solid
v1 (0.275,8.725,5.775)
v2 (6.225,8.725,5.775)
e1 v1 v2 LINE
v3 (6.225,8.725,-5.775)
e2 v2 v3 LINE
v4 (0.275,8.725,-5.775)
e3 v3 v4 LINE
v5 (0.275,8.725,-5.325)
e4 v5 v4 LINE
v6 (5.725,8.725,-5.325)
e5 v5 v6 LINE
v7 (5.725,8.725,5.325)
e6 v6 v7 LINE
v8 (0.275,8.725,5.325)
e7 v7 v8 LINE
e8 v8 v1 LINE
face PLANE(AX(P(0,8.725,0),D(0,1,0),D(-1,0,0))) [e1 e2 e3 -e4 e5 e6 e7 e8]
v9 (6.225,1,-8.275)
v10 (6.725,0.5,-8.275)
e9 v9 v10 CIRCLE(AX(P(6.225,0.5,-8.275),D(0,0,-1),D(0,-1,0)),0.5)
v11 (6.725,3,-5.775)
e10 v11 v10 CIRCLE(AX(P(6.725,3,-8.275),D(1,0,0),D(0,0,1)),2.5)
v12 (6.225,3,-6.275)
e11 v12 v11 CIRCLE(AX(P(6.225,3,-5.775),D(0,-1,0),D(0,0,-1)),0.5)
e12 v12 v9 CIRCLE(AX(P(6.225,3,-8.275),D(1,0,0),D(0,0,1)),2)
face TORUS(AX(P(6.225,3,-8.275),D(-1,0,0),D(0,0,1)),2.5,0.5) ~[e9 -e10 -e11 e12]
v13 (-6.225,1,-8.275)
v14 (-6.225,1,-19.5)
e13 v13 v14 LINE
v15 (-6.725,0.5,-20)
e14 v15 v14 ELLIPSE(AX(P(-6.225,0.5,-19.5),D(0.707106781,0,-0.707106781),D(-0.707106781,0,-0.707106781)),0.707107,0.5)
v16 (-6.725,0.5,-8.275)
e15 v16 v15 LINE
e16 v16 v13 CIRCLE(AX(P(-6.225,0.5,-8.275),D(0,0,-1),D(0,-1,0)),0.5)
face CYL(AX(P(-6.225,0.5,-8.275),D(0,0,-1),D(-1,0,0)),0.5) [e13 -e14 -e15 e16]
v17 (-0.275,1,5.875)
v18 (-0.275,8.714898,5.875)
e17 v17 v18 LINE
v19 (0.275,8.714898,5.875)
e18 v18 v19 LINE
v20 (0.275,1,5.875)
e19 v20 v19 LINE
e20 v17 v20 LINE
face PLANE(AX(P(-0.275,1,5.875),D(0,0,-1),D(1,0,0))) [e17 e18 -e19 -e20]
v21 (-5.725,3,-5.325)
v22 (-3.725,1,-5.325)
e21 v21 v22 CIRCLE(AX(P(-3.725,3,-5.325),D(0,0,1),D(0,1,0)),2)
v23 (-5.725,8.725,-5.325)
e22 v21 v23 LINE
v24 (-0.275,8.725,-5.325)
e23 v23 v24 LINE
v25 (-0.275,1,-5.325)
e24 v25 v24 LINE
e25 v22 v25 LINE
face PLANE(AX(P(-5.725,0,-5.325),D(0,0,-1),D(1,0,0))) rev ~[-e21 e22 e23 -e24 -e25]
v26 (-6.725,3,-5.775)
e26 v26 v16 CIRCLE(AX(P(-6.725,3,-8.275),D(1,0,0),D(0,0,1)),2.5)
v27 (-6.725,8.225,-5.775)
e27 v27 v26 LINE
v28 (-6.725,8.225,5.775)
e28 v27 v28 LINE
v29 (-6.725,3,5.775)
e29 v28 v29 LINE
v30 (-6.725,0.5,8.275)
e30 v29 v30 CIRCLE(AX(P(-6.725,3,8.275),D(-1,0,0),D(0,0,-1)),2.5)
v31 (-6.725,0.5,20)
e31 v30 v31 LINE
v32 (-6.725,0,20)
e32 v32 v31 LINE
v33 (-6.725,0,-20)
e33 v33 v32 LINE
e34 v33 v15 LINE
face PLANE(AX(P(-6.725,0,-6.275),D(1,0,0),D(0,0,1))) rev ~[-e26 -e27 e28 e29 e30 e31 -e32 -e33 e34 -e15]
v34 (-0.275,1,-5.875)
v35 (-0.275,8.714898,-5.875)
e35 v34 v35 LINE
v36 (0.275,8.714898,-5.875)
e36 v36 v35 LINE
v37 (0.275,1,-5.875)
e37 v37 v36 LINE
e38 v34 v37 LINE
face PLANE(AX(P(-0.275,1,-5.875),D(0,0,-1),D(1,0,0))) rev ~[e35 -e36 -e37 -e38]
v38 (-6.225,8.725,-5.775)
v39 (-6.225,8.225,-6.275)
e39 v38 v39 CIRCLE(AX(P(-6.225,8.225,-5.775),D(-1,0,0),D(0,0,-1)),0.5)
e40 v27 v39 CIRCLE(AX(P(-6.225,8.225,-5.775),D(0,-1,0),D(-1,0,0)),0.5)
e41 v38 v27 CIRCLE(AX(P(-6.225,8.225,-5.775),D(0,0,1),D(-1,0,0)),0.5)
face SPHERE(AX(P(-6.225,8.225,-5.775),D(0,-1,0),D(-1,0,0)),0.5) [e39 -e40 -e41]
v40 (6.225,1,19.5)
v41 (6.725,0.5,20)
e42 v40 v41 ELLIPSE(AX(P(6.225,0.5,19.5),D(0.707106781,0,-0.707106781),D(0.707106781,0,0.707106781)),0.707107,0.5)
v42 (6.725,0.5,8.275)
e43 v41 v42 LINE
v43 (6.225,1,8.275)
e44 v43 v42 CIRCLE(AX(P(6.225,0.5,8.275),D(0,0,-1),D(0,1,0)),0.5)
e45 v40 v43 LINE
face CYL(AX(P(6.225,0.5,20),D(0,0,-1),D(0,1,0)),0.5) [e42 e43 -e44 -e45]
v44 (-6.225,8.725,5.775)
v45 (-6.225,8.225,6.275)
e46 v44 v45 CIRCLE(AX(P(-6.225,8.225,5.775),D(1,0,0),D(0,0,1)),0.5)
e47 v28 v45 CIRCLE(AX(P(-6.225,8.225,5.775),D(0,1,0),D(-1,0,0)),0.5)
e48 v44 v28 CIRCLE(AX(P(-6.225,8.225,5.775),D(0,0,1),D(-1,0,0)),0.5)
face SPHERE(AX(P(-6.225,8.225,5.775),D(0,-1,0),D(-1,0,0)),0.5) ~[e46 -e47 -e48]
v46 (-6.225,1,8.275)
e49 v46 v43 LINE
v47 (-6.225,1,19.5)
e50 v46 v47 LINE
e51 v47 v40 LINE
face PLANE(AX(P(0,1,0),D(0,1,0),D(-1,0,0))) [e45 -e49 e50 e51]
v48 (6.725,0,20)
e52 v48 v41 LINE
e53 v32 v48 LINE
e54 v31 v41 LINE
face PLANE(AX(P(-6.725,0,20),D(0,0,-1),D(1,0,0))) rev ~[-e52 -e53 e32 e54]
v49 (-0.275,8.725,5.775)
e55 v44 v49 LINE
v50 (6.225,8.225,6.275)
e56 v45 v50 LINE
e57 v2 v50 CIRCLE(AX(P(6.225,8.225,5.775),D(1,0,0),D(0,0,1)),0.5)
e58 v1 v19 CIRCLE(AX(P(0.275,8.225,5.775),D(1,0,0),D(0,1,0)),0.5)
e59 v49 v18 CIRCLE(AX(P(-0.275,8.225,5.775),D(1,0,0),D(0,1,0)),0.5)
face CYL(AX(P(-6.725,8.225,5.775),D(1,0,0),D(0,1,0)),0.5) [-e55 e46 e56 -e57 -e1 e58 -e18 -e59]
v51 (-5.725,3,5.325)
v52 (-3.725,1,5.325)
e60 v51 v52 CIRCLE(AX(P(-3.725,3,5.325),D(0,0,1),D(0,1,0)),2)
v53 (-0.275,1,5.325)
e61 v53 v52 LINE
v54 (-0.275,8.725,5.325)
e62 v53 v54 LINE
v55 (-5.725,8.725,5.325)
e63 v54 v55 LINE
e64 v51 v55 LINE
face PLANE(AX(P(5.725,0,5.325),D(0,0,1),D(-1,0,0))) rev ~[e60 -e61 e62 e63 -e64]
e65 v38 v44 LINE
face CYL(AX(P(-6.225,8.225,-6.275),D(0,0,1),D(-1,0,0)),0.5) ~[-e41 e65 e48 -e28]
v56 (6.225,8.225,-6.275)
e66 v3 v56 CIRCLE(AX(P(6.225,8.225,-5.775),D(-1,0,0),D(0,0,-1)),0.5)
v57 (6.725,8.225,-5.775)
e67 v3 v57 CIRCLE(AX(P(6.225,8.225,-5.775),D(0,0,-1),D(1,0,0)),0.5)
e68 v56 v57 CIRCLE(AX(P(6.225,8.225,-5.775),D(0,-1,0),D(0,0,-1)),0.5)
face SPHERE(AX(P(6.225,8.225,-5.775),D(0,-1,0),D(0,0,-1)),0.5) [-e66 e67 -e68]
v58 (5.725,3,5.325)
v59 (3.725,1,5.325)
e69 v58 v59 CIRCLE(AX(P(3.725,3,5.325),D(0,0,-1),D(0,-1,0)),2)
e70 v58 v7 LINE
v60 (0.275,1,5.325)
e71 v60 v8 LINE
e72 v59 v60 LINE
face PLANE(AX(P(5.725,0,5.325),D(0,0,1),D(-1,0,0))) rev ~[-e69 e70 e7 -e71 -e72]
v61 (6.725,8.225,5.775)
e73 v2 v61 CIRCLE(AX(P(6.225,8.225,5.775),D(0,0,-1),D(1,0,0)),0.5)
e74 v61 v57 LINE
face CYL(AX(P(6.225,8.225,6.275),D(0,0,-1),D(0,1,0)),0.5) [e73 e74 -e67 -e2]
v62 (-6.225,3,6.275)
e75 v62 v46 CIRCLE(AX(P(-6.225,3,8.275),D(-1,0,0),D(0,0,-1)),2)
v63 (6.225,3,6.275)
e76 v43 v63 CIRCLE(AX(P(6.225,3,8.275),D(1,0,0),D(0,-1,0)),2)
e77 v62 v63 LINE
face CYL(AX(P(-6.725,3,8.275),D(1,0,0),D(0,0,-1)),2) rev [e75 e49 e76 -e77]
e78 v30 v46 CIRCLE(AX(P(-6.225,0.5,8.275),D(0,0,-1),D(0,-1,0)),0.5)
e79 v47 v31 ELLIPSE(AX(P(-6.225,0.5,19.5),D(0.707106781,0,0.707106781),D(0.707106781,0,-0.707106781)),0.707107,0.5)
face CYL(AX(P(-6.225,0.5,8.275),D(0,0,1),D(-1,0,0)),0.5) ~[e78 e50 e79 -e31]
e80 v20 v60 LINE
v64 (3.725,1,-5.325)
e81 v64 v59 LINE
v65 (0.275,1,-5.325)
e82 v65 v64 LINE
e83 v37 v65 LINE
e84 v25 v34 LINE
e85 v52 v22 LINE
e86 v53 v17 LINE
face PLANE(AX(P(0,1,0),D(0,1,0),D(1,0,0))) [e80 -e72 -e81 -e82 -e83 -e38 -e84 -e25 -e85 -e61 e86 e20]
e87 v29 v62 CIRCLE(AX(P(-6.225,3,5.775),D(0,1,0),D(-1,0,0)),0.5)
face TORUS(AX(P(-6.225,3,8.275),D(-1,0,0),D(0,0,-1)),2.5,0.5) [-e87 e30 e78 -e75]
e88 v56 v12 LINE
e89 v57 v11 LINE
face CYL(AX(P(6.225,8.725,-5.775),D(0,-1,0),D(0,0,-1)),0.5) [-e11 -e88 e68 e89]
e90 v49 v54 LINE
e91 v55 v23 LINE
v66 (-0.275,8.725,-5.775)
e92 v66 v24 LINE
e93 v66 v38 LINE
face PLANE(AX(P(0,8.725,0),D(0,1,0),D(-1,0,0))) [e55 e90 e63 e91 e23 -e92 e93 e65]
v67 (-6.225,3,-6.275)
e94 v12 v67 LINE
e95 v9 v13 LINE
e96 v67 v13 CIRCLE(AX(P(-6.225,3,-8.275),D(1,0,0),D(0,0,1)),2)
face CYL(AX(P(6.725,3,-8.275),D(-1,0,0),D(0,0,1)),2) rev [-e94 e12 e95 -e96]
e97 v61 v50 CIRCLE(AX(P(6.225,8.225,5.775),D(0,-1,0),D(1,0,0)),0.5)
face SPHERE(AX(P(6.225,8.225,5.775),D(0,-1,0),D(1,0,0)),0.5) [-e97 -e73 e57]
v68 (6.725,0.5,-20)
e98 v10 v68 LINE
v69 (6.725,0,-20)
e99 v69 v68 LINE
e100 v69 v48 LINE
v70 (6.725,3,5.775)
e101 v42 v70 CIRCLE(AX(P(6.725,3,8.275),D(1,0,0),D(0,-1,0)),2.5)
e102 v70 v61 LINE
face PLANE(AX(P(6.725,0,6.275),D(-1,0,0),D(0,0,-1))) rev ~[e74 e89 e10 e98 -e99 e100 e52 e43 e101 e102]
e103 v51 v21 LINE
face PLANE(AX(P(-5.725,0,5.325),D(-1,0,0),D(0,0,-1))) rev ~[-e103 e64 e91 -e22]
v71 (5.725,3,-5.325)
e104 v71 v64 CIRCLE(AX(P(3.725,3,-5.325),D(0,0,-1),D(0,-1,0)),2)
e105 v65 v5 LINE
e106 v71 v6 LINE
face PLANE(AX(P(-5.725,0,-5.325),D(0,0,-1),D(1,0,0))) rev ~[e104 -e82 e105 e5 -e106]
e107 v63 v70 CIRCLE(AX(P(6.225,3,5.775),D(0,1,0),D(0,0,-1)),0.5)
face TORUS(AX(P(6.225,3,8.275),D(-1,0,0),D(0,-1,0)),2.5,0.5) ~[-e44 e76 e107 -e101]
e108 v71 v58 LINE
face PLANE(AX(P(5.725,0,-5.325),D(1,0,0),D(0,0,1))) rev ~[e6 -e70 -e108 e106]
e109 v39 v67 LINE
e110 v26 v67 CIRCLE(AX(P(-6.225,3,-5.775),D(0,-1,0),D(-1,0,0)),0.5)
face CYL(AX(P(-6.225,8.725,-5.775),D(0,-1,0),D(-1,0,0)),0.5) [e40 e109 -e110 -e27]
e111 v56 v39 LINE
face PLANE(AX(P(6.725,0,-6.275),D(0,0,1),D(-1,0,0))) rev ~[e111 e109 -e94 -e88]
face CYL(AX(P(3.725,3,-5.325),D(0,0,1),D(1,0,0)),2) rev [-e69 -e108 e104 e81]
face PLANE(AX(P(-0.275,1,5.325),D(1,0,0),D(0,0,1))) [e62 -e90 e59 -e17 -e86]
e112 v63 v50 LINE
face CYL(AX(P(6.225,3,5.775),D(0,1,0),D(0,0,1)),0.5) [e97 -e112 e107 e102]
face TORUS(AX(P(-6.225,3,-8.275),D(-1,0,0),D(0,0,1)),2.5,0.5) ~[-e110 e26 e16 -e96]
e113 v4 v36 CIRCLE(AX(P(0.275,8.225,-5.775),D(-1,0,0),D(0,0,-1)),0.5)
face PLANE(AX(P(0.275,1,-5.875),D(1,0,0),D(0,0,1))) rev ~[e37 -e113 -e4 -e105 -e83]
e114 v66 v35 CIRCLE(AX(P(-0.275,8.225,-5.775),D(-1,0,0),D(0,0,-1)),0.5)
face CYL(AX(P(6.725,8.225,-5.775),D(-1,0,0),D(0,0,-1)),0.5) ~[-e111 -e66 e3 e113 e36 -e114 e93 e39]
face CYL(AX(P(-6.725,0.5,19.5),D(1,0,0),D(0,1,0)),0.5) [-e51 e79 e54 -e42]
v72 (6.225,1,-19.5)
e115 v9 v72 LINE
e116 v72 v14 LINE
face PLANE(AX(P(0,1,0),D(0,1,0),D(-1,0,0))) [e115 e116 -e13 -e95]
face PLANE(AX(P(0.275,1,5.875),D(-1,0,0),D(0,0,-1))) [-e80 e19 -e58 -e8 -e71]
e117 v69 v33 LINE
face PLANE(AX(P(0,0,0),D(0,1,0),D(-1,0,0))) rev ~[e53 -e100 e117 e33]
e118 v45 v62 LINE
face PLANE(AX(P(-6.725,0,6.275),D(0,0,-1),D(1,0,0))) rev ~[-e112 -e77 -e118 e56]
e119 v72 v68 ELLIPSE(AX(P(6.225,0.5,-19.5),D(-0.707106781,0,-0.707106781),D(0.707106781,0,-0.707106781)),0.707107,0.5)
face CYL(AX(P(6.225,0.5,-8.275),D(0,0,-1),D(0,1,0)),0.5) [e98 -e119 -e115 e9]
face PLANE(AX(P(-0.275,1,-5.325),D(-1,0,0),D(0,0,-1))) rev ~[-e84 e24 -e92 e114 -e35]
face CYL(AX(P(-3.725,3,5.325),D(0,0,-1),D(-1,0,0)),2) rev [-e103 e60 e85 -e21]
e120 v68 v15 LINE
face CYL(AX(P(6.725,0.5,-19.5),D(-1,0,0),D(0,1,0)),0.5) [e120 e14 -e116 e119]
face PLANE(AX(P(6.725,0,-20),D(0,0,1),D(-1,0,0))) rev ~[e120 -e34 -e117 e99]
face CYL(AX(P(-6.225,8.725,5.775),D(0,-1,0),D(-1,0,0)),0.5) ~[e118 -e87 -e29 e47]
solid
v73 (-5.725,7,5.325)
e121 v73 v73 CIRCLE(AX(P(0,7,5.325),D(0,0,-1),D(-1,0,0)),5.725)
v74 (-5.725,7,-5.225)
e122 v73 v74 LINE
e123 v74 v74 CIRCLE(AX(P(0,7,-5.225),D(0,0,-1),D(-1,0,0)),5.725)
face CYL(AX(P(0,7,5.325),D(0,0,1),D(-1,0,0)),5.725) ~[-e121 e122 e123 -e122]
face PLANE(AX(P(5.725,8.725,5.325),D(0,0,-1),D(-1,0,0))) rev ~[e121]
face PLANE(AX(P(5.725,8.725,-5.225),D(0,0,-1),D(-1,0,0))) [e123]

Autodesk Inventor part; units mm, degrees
ref_plane "YZ Plane" through (0, 0, 0) normal (1, 0, 0) x (0, 1, 0)
ref_plane "XZ Plane" through (0, 0, 0) normal (0, 1, 0) x (-1, 0, 0)
ref_plane "XY Plane" through (0, 0, 0) normal (0, 0, 1) x (1, 0, 0)
sketch "Sketch1" plane through (0, 0, 0) normal (0, 1, 0) x (-1, 0, 0)
  line L0 (-5.725, 5.325) -> (5.725, 5.325)
  line L1 (5.725, 5.325) -> (5.725, -5.325)
  line L2 (5.725, -5.325) -> (-5.725, -5.325)
  line L3 (-5.725, -5.325) -> (-5.725, 5.325)
  line L4 (-5.725, 5.325) -> (5.725, -5.325) construction
  line L5 (5.725, 5.325) -> (-5.725, -5.325) construction
  line L6 (6.725, 20) -> (-6.725, 20)
  line L7 (-6.725, 20) -> (-6.725, -20)
  line L8 (-6.725, -20) -> (6.725, -20)
  line L9 (6.725, -20) -> (6.725, 20)
  line L10 (6.725, 20) -> (-6.725, -20) construction
  line L11 (-6.725, 20) -> (6.725, -20) construction
  line L12 (6.725, 6.275) -> (-6.725, 6.275)
  line L13 (-6.725, 6.275) -> (-6.725, -6.275)
  line L14 (-6.725, -6.275) -> (6.725, -6.275)
  line L15 (6.725, -6.275) -> (6.725, 6.275)
  line L16 (6.725, 6.275) -> (-6.725, -6.275) construction
  line L17 (-6.725, 6.275) -> (6.725, -6.275) construction
  point P0 (0, 0)
  dimension "d0" = 11.45
  dimension "d1" = 10.65
  dimension "d2" = 13.45
  dimension "d3" = 40
  dimension "d4" = 12.55
  dimension "d5" = 13.45
extrude "Extrusion1" add sketch "Sketch1" along normal blind 1 contours L9 L12 L7 L6 | L9 L8 L7 L14
extrude "Extrusion2" add sketch "Sketch1" along normal blind 8.725 contours L9 L14 L7 L12
extrude "Extrusion3" add sketch "Sketch1" along normal blind 1 contours L0 L1 L2 L3
fillet "Fillet1" radius 2 2 edges at (5.725, 1, 0) (-5.725, 1, 0)
fillet "Fillet2" radius 2 2 edges at (0, 1, -6.275) (0, 1, 6.275)
fillet "Fillet3" radius 0.5 18 edges at (-6.725, 1.5858, -6.8608) (-6.725, 1, -14.1375) (-6.725, 5.8625, -6.275) (6.725, 1.5858, -6.8608) (6.725, 1, -14.1375) (6.725, 5.8625, -6.275) (0, 1, -20) (0, 1, 20) (-6.725, 1.5858, 6.8608) (-6.725, 5.8625, 6.275) (-6.725, 1, 14.1375) (6.725, 5.8625, 6.275) (6.725, 1, 14.1375) (6.725, 1.5858, 6.8608) (-6.725, 8.725, 0) (0, 8.725, -6.275) (6.725, 8.725, 0) (0, 8.725, 6.275)
sketch "Sketch2" plane through (5.725, 8.725, 5.325) normal (0, 0, -1) x (-1, 0, 0)
  arc A0 (9.45, -7.725) -> (11.45, -5.725) centre (9.45, -5.725) ccw construction
  line L0 (11.45, -5.725) -> (11.45, 0) construction
  line L1 (0, 0) -> (11.45, 0) construction
  line L2 (0, -5.725) -> (0, 0) construction
  arc A1 (0, -5.725) -> (2, -7.725) centre (2, -5.725) ccw construction
  line L3 (2, -7.725) -> (9.45, -7.725) construction
  circle A2 centre (5.725, -1.725) radius 5.725
  point P0 (5.725, -8.725)
  dimension "d15" = 11.45
  dimension "d16" = 6
extrude "Extrusion4" add sketch "Sketch2" along normal blind 10.55 separate body
sketch "Sketch3" plane through (0, 1, 0) normal (0, 1, 0) x (1, 0, 0)
  line L0 (-3.725, -5.325) -> (-3.725, 5.325) construction
  line L1 (3.725, -5.325) -> (-3.725, -5.325) construction
  line L2 (3.725, 5.325) -> (3.725, -5.325) construction
  line L3 (-3.725, 5.325) -> (3.725, 5.325) construction
  line L4 (-0.275, -5.875) -> (0.275, -5.875)
  line L5 (0.275, -5.875) -> (0.275, -5.325)
  line L6 (0.275, -5.325) -> (-0.275, -5.325)
  line L7 (-0.275, -5.325) -> (-0.275, -5.875)
  line L8 (-0.275, -5.875) -> (0.275, -5.325) construction
  line L9 (0.275, -5.875) -> (-0.275, -5.325) construction
  line L10 (0, -5.325) -> (0, 5.325) construction
  line L11 (-3.725, -5.325) -> (-3.725, 5.325) construction
  line L12 (-3.725, -5.325) -> (3.725, -5.325) construction
  line L13 (-3.725, 5.325) -> (3.725, 5.325) construction
  line L14 (-5.725, 5.325) -> (5.725, 5.325) construction
  line L15 (5.725, -5.325) -> (-5.725, -5.325) construction
  line L16 (-3.725, 0) -> (3.725, 0) construction
  line L17 (-0.275, 5.875) -> (0.275, 5.875)
  line L18 (0.275, 5.875) -> (0.275, 5.325)
  line L19 (0.275, 5.325) -> (-0.275, 5.325)
  line L20 (-0.275, 5.325) -> (-0.275, 5.875)
  point P0 (0, 0)
  point P1 (0, -5.6)
  point P2 (0, -5.6)
  dimension "d19" = 0.55
  dimension "d20" = 0.55
extrude "Extrusion5" cut sketch "Sketch3" along normal blind 10
properties part number "led_and_battery_holder"
